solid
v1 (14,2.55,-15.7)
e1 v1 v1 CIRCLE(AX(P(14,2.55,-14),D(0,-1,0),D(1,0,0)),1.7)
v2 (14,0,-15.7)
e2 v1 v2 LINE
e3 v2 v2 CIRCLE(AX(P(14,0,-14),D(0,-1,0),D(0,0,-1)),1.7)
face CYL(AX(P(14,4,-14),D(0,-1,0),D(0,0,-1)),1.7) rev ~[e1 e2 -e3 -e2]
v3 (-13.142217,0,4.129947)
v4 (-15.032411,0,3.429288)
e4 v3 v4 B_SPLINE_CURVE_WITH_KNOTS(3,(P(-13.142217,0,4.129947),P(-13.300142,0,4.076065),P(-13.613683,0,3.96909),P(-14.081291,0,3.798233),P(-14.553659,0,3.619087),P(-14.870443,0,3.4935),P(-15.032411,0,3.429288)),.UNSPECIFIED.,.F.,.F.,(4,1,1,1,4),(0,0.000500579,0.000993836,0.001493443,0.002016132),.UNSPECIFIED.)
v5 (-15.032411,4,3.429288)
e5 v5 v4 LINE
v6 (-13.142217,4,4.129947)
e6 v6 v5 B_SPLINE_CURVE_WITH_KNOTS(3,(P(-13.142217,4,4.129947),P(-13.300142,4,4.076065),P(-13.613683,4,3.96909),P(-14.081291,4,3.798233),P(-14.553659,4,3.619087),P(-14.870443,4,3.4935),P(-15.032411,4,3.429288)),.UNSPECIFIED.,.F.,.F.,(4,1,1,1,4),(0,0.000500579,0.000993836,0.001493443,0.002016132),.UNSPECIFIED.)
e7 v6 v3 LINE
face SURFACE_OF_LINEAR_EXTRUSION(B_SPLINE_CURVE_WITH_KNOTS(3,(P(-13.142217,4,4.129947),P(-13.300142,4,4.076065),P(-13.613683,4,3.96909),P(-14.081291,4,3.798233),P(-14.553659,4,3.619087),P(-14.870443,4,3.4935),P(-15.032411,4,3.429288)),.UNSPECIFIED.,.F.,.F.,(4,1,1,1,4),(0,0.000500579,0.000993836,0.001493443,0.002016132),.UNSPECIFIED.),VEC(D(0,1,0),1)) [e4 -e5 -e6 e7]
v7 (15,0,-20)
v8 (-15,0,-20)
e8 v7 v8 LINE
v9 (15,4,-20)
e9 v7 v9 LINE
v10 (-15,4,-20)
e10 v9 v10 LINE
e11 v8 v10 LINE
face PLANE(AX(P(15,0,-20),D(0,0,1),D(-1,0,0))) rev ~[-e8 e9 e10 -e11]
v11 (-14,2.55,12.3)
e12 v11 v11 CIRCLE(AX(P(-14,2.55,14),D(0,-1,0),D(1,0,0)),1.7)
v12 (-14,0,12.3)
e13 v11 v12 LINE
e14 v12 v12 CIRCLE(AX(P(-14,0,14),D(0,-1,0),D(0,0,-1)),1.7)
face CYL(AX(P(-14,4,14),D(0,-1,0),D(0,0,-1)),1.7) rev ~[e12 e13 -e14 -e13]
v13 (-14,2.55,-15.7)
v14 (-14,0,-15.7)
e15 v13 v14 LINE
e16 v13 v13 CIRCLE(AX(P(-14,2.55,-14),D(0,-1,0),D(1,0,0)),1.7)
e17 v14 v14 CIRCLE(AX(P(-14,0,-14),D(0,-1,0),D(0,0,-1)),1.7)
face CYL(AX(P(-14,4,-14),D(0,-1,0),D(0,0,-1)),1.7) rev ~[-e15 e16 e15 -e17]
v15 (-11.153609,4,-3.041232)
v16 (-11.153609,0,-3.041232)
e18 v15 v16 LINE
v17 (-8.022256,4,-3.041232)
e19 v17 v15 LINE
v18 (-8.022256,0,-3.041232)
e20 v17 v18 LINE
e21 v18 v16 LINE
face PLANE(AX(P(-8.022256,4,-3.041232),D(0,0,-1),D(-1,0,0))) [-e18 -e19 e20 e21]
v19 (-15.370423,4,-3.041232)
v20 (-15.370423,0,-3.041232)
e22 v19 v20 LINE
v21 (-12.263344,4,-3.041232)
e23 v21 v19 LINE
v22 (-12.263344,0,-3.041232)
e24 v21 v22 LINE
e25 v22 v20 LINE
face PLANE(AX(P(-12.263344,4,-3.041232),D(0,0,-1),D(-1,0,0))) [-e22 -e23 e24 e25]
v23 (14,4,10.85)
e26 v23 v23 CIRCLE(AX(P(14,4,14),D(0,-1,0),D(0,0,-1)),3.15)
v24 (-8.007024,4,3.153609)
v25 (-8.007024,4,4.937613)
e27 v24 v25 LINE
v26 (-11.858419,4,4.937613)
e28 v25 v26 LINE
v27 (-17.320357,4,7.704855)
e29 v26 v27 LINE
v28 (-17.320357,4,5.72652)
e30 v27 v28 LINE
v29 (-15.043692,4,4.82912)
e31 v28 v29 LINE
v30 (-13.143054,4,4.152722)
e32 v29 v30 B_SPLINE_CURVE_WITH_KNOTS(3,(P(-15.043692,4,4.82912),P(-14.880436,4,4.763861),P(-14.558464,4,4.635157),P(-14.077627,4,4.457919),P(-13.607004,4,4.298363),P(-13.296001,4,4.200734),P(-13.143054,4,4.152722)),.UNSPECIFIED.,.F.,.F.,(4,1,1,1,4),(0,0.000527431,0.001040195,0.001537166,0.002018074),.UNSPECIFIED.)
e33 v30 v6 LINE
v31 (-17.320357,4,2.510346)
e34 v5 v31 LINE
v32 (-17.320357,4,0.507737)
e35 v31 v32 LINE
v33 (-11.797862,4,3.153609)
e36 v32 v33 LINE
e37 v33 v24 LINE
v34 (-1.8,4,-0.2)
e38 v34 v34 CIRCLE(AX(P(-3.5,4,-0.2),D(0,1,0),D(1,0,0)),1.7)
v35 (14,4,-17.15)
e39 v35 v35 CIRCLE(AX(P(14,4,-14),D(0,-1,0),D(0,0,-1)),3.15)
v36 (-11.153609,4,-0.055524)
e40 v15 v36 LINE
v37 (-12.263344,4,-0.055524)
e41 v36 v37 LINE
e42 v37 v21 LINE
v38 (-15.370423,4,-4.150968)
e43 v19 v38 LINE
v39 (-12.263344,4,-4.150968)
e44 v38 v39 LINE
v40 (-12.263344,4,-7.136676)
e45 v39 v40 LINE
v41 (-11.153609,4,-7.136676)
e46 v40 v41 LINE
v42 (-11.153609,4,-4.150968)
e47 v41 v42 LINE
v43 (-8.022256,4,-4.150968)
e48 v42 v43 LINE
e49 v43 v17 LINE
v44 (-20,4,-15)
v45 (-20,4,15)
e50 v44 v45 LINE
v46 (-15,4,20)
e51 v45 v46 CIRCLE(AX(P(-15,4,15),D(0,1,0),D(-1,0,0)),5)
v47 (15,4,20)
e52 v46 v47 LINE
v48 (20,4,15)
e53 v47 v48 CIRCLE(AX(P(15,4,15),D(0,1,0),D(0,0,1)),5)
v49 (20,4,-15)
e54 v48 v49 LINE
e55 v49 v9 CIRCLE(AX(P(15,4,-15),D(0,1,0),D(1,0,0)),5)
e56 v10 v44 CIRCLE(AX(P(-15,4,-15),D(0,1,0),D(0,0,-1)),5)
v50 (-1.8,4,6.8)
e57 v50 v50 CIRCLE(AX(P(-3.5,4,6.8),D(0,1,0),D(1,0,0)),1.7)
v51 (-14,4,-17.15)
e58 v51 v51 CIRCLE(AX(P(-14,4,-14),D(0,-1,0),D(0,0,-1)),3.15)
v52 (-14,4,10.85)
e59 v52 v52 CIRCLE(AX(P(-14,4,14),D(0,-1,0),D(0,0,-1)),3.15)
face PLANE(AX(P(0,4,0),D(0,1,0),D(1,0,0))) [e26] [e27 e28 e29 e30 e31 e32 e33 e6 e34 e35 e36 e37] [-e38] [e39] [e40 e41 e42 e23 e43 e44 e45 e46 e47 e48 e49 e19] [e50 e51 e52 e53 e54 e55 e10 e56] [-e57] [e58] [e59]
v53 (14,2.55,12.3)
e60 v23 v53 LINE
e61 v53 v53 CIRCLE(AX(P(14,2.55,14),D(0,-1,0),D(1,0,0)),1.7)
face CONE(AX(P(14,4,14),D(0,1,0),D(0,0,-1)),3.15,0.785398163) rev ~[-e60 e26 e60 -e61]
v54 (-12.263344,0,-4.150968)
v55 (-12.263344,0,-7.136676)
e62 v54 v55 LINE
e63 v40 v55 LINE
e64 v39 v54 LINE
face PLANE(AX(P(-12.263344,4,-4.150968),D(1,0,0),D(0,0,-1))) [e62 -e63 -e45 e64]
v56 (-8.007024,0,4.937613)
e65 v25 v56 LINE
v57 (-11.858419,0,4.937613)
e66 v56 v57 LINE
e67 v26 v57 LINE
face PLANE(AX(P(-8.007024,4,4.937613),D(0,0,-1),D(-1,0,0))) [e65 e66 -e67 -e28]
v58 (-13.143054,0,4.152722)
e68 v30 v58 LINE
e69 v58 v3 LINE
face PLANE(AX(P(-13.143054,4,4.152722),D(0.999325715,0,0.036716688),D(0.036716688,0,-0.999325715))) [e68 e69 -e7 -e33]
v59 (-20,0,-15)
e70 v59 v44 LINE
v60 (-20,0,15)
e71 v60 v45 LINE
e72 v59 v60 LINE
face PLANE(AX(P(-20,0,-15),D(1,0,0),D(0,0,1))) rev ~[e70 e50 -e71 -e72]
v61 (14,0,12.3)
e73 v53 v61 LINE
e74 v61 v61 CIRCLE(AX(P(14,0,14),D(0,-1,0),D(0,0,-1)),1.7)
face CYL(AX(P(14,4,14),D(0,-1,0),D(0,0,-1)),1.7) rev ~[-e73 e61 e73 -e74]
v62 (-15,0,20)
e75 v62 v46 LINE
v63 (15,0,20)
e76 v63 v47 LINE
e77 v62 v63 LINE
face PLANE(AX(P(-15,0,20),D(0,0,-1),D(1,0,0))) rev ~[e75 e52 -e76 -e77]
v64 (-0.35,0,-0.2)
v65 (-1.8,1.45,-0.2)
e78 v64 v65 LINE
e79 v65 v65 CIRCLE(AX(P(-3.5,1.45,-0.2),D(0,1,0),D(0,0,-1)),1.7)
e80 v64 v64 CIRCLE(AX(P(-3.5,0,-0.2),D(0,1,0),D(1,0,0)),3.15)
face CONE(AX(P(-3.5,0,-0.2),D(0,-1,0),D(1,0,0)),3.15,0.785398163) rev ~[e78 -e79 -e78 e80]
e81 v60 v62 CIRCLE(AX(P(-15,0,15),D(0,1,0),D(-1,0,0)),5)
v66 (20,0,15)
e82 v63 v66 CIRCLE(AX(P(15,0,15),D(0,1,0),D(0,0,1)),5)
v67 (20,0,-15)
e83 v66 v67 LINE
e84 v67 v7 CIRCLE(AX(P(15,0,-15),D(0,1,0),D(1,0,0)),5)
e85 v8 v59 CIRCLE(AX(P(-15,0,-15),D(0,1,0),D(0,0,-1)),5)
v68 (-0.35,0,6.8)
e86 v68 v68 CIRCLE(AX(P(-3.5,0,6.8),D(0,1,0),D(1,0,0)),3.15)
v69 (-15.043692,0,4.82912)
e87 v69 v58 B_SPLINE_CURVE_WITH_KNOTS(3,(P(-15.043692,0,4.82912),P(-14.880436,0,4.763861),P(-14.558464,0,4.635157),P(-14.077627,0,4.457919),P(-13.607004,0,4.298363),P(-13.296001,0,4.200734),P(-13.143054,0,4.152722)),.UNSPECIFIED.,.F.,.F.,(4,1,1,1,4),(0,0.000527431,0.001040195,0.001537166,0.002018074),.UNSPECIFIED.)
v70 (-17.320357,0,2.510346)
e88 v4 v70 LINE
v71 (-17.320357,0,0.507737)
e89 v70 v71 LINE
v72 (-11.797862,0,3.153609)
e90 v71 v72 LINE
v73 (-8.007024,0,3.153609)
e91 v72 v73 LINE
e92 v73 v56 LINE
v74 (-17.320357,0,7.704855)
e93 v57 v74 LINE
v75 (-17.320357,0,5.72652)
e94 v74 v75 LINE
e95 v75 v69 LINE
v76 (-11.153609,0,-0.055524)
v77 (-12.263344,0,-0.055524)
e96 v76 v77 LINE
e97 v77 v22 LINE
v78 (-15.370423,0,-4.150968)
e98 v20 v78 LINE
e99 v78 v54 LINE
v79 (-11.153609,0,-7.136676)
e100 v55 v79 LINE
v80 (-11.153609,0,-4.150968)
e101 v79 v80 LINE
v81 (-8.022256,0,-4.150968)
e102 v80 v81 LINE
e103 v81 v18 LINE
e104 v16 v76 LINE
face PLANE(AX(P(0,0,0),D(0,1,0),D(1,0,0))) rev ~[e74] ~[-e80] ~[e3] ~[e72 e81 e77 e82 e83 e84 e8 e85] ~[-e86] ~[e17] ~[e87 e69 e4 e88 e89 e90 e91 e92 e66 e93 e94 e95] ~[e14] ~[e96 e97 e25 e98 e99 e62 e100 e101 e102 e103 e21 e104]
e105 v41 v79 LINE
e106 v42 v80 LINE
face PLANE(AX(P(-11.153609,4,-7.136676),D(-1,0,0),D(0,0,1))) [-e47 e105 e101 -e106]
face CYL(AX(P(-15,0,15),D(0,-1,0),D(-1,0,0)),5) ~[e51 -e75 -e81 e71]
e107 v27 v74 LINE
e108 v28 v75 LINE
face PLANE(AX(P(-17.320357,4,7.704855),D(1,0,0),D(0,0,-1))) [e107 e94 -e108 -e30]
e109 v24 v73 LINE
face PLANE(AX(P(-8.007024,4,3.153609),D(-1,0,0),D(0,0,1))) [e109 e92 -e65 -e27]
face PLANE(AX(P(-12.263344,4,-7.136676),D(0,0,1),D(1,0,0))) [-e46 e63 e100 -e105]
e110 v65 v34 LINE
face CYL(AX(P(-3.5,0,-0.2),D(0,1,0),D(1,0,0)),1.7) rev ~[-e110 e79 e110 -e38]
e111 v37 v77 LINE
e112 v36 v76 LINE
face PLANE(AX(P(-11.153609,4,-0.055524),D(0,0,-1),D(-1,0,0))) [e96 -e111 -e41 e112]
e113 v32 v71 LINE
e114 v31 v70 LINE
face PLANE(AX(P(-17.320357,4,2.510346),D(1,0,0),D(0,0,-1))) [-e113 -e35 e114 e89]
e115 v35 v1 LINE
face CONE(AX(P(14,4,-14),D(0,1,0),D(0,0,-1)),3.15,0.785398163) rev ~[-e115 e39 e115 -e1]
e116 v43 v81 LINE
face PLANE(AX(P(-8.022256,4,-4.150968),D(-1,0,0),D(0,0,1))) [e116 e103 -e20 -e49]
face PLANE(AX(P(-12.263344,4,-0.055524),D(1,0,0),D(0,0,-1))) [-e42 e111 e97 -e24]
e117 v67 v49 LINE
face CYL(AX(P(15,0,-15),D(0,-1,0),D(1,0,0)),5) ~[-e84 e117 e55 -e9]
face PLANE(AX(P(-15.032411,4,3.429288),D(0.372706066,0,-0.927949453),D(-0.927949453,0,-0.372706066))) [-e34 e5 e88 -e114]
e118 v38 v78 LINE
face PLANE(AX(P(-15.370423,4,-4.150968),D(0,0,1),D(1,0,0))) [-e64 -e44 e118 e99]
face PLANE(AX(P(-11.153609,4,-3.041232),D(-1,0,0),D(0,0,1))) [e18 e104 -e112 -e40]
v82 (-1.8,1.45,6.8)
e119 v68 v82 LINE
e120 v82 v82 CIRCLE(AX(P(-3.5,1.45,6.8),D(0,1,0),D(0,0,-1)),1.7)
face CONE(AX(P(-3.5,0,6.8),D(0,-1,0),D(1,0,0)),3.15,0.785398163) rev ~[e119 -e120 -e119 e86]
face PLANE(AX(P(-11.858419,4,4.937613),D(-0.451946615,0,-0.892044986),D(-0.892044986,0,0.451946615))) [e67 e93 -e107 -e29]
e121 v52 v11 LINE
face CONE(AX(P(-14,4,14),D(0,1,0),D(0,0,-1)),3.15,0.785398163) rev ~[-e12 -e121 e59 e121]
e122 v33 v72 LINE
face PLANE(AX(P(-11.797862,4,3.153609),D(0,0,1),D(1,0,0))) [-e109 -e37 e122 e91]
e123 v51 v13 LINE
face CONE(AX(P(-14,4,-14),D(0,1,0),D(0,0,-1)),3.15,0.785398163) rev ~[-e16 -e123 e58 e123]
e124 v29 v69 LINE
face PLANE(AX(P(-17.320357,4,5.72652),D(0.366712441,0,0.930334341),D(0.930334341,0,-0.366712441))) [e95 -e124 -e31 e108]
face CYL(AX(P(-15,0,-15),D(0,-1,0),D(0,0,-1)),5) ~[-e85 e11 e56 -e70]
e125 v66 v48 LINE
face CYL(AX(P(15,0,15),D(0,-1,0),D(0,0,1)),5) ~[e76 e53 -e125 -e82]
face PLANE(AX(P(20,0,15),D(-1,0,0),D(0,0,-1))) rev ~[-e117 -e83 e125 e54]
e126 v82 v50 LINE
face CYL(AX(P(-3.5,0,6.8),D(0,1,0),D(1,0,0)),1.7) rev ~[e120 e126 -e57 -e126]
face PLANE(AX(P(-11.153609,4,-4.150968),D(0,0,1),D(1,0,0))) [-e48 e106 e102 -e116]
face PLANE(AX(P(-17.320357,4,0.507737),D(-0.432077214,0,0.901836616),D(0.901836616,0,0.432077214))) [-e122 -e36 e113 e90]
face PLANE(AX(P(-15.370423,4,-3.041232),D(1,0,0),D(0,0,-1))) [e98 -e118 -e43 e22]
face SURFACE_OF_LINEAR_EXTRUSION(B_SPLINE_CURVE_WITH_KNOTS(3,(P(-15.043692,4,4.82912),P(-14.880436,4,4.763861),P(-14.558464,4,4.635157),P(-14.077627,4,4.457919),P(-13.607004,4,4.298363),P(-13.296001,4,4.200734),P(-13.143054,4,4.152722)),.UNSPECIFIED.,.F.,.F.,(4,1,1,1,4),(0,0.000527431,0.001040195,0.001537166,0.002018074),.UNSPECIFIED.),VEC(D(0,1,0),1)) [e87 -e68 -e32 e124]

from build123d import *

# Parameters (mm, degrees)
BOSS_EXTRUDE1_DEPTH                                 = 4
CSK_FOR_M3_COUNTERSUNK_FLAT_HEAD_SCREW1_D           = 3.4
CSK_FOR_M3_COUNTERSUNK_FLAT_HEAD_SCREW1_CSINK_D     = 6.3
CSK_FOR_M3_COUNTERSUNK_FLAT_HEAD_SCREW1_CSINK_ANGLE = 90
CSK_FOR_M3_COUNTERSUNK_FLAT_HEAD_SCREW2_D           = 3.4
CSK_FOR_M3_COUNTERSUNK_FLAT_HEAD_SCREW2_CSINK_D     = 6.3
CSK_FOR_M3_COUNTERSUNK_FLAT_HEAD_SCREW2_CSINK_ANGLE = 90
CUT_EXTRUDE1_DEPTH                                  = 4


with BuildPart() as part:
    # Sketch1 → Boss-Extrude1 (new body)
    with BuildSketch(Plane(origin=(0, 0, 0), x_dir=(1, 0, 0), z_dir=(0, 1, 0))):
        with BuildLine():
            Line((-15, -20), (15, -20))
            ThreePointArc((15, -20), (18.535533906, -18.535533906), (20, -15))
            Line((20, -15), (20, 15))
            ThreePointArc((20, 15), (18.535533906, 18.535533906), (15, 20))
            Line((15, 20), (-15, 20))
            ThreePointArc((-15, 20), (-18.535533906, 18.535533906), (-20, 15))
            Line((-20, 15), (-20, -15))
            ThreePointArc((-20, -15), (-18.535533906, -18.535533906), (-15, -20))
        make_face()
    extrude(amount=BOSS_EXTRUDE1_DEPTH)

    # CSK for M3 Countersunk Flat Head Screw1 (through all)
    with Locations(Plane(origin=(-14, 4, -14), x_dir=(0, 0, 1), z_dir=(0, 1, 0))):
        with Locations((0, 0), (0, 28), (28, 28), (28, 0)):
            CounterSinkHole(CSK_FOR_M3_COUNTERSUNK_FLAT_HEAD_SCREW1_D / 2, CSK_FOR_M3_COUNTERSUNK_FLAT_HEAD_SCREW1_CSINK_D / 2, counter_sink_angle=CSK_FOR_M3_COUNTERSUNK_FLAT_HEAD_SCREW1_CSINK_ANGLE)

    # CSK for M3 Countersunk Flat Head Screw2 (through all)
    with Locations(Plane(origin=(0, 0, 0), x_dir=(-1, 0, 0), z_dir=(0, -1, 0))):
        with Locations((3.5, 0.2), (3.5, -6.8)):
            CounterSinkHole(CSK_FOR_M3_COUNTERSUNK_FLAT_HEAD_SCREW2_D / 2, CSK_FOR_M3_COUNTERSUNK_FLAT_HEAD_SCREW2_CSINK_D / 2, counter_sink_angle=CSK_FOR_M3_COUNTERSUNK_FLAT_HEAD_SCREW2_CSINK_ANGLE)

    # Sketch7 → Cut-Extrude1 (cut)
    with BuildSketch(Plane(origin=(0, 4, 0), x_dir=(1, 0, 0), z_dir=(0, 1, 0))):
        Polygon((-12.263344174, 7.136676397), (-11.15360872, 7.136676397), (-11.15360872, 4.150967788), (-8.022255789, 4.150967788), (-8.022255789, 3.041232335), (-11.15360872, 3.041232335), (-11.15360872, 0.055523726), (-12.263344174, 0.055523726), (-12.263344174, 3.041232335), (-15.370423051, 3.041232335), (-15.370423051, 4.150967788), (-12.263344174, 4.150967788), align=None)
        with BuildLine():
            add(Edge.make_bspline(
                [(-15.043692162, -4.829120306), (-14.880436161, -4.763861041), (-14.5584639, -4.635157209), (-14.077627456, -4.457919156), (-13.607003536, -4.298363006), (-13.296000815, -4.200734384), (-13.143053989, -4.152721981)],
                knots=[0, 0, 0, 0, 0.000527431, 0.001040195, 0.001537166, 0.002018074, 0.002018074, 0.002018074, 0.002018074], degree=3))
            Line((-13.143053989, -4.152721981), (-13.142217189, -4.129946622))
            add(Edge.make_bspline(
                [(-13.142217189, -4.129946622), (-13.300142366, -4.076064923), (-13.613682824, -3.969089626), (-14.081290903, -3.798233499), (-14.553659216, -3.619087412), (-14.870442844, -3.493499611), (-15.032410797, -3.429287962)],
                knots=[0, 0, 0, 0, 0.000500579, 0.000993836, 0.001493443, 0.002016132, 0.002016132, 0.002016132, 0.002016132], degree=3))
            Line((-15.032410797, -3.429287962), (-17.320356965, -2.510346296))
            Line((-17.320356965, -2.510346296), (-17.320356965, -0.507736863))
            Line((-17.320356965, -0.507736863), (-11.797862272, -3.15360872))
            Line((-11.797862272, -3.15360872), (-8.007023631, -3.15360872))
            Line((-8.007023631, -3.15360872), (-8.007023631, -4.937612774))
            Line((-8.007023631, -4.937612774), (-11.858418799, -4.937612774))
            Line((-11.858418799, -4.937612774), (-17.320356965, -7.7048549))
            Line((-17.320356965, -7.7048549), (-17.320356965, -5.726519521))
            Line((-17.320356965, -5.726519521), (-15.043692162, -4.829120306))
        make_face()
    extrude(amount=-CUT_EXTRUDE1_DEPTH, mode=Mode.SUBTRACT)


solid = part.part
